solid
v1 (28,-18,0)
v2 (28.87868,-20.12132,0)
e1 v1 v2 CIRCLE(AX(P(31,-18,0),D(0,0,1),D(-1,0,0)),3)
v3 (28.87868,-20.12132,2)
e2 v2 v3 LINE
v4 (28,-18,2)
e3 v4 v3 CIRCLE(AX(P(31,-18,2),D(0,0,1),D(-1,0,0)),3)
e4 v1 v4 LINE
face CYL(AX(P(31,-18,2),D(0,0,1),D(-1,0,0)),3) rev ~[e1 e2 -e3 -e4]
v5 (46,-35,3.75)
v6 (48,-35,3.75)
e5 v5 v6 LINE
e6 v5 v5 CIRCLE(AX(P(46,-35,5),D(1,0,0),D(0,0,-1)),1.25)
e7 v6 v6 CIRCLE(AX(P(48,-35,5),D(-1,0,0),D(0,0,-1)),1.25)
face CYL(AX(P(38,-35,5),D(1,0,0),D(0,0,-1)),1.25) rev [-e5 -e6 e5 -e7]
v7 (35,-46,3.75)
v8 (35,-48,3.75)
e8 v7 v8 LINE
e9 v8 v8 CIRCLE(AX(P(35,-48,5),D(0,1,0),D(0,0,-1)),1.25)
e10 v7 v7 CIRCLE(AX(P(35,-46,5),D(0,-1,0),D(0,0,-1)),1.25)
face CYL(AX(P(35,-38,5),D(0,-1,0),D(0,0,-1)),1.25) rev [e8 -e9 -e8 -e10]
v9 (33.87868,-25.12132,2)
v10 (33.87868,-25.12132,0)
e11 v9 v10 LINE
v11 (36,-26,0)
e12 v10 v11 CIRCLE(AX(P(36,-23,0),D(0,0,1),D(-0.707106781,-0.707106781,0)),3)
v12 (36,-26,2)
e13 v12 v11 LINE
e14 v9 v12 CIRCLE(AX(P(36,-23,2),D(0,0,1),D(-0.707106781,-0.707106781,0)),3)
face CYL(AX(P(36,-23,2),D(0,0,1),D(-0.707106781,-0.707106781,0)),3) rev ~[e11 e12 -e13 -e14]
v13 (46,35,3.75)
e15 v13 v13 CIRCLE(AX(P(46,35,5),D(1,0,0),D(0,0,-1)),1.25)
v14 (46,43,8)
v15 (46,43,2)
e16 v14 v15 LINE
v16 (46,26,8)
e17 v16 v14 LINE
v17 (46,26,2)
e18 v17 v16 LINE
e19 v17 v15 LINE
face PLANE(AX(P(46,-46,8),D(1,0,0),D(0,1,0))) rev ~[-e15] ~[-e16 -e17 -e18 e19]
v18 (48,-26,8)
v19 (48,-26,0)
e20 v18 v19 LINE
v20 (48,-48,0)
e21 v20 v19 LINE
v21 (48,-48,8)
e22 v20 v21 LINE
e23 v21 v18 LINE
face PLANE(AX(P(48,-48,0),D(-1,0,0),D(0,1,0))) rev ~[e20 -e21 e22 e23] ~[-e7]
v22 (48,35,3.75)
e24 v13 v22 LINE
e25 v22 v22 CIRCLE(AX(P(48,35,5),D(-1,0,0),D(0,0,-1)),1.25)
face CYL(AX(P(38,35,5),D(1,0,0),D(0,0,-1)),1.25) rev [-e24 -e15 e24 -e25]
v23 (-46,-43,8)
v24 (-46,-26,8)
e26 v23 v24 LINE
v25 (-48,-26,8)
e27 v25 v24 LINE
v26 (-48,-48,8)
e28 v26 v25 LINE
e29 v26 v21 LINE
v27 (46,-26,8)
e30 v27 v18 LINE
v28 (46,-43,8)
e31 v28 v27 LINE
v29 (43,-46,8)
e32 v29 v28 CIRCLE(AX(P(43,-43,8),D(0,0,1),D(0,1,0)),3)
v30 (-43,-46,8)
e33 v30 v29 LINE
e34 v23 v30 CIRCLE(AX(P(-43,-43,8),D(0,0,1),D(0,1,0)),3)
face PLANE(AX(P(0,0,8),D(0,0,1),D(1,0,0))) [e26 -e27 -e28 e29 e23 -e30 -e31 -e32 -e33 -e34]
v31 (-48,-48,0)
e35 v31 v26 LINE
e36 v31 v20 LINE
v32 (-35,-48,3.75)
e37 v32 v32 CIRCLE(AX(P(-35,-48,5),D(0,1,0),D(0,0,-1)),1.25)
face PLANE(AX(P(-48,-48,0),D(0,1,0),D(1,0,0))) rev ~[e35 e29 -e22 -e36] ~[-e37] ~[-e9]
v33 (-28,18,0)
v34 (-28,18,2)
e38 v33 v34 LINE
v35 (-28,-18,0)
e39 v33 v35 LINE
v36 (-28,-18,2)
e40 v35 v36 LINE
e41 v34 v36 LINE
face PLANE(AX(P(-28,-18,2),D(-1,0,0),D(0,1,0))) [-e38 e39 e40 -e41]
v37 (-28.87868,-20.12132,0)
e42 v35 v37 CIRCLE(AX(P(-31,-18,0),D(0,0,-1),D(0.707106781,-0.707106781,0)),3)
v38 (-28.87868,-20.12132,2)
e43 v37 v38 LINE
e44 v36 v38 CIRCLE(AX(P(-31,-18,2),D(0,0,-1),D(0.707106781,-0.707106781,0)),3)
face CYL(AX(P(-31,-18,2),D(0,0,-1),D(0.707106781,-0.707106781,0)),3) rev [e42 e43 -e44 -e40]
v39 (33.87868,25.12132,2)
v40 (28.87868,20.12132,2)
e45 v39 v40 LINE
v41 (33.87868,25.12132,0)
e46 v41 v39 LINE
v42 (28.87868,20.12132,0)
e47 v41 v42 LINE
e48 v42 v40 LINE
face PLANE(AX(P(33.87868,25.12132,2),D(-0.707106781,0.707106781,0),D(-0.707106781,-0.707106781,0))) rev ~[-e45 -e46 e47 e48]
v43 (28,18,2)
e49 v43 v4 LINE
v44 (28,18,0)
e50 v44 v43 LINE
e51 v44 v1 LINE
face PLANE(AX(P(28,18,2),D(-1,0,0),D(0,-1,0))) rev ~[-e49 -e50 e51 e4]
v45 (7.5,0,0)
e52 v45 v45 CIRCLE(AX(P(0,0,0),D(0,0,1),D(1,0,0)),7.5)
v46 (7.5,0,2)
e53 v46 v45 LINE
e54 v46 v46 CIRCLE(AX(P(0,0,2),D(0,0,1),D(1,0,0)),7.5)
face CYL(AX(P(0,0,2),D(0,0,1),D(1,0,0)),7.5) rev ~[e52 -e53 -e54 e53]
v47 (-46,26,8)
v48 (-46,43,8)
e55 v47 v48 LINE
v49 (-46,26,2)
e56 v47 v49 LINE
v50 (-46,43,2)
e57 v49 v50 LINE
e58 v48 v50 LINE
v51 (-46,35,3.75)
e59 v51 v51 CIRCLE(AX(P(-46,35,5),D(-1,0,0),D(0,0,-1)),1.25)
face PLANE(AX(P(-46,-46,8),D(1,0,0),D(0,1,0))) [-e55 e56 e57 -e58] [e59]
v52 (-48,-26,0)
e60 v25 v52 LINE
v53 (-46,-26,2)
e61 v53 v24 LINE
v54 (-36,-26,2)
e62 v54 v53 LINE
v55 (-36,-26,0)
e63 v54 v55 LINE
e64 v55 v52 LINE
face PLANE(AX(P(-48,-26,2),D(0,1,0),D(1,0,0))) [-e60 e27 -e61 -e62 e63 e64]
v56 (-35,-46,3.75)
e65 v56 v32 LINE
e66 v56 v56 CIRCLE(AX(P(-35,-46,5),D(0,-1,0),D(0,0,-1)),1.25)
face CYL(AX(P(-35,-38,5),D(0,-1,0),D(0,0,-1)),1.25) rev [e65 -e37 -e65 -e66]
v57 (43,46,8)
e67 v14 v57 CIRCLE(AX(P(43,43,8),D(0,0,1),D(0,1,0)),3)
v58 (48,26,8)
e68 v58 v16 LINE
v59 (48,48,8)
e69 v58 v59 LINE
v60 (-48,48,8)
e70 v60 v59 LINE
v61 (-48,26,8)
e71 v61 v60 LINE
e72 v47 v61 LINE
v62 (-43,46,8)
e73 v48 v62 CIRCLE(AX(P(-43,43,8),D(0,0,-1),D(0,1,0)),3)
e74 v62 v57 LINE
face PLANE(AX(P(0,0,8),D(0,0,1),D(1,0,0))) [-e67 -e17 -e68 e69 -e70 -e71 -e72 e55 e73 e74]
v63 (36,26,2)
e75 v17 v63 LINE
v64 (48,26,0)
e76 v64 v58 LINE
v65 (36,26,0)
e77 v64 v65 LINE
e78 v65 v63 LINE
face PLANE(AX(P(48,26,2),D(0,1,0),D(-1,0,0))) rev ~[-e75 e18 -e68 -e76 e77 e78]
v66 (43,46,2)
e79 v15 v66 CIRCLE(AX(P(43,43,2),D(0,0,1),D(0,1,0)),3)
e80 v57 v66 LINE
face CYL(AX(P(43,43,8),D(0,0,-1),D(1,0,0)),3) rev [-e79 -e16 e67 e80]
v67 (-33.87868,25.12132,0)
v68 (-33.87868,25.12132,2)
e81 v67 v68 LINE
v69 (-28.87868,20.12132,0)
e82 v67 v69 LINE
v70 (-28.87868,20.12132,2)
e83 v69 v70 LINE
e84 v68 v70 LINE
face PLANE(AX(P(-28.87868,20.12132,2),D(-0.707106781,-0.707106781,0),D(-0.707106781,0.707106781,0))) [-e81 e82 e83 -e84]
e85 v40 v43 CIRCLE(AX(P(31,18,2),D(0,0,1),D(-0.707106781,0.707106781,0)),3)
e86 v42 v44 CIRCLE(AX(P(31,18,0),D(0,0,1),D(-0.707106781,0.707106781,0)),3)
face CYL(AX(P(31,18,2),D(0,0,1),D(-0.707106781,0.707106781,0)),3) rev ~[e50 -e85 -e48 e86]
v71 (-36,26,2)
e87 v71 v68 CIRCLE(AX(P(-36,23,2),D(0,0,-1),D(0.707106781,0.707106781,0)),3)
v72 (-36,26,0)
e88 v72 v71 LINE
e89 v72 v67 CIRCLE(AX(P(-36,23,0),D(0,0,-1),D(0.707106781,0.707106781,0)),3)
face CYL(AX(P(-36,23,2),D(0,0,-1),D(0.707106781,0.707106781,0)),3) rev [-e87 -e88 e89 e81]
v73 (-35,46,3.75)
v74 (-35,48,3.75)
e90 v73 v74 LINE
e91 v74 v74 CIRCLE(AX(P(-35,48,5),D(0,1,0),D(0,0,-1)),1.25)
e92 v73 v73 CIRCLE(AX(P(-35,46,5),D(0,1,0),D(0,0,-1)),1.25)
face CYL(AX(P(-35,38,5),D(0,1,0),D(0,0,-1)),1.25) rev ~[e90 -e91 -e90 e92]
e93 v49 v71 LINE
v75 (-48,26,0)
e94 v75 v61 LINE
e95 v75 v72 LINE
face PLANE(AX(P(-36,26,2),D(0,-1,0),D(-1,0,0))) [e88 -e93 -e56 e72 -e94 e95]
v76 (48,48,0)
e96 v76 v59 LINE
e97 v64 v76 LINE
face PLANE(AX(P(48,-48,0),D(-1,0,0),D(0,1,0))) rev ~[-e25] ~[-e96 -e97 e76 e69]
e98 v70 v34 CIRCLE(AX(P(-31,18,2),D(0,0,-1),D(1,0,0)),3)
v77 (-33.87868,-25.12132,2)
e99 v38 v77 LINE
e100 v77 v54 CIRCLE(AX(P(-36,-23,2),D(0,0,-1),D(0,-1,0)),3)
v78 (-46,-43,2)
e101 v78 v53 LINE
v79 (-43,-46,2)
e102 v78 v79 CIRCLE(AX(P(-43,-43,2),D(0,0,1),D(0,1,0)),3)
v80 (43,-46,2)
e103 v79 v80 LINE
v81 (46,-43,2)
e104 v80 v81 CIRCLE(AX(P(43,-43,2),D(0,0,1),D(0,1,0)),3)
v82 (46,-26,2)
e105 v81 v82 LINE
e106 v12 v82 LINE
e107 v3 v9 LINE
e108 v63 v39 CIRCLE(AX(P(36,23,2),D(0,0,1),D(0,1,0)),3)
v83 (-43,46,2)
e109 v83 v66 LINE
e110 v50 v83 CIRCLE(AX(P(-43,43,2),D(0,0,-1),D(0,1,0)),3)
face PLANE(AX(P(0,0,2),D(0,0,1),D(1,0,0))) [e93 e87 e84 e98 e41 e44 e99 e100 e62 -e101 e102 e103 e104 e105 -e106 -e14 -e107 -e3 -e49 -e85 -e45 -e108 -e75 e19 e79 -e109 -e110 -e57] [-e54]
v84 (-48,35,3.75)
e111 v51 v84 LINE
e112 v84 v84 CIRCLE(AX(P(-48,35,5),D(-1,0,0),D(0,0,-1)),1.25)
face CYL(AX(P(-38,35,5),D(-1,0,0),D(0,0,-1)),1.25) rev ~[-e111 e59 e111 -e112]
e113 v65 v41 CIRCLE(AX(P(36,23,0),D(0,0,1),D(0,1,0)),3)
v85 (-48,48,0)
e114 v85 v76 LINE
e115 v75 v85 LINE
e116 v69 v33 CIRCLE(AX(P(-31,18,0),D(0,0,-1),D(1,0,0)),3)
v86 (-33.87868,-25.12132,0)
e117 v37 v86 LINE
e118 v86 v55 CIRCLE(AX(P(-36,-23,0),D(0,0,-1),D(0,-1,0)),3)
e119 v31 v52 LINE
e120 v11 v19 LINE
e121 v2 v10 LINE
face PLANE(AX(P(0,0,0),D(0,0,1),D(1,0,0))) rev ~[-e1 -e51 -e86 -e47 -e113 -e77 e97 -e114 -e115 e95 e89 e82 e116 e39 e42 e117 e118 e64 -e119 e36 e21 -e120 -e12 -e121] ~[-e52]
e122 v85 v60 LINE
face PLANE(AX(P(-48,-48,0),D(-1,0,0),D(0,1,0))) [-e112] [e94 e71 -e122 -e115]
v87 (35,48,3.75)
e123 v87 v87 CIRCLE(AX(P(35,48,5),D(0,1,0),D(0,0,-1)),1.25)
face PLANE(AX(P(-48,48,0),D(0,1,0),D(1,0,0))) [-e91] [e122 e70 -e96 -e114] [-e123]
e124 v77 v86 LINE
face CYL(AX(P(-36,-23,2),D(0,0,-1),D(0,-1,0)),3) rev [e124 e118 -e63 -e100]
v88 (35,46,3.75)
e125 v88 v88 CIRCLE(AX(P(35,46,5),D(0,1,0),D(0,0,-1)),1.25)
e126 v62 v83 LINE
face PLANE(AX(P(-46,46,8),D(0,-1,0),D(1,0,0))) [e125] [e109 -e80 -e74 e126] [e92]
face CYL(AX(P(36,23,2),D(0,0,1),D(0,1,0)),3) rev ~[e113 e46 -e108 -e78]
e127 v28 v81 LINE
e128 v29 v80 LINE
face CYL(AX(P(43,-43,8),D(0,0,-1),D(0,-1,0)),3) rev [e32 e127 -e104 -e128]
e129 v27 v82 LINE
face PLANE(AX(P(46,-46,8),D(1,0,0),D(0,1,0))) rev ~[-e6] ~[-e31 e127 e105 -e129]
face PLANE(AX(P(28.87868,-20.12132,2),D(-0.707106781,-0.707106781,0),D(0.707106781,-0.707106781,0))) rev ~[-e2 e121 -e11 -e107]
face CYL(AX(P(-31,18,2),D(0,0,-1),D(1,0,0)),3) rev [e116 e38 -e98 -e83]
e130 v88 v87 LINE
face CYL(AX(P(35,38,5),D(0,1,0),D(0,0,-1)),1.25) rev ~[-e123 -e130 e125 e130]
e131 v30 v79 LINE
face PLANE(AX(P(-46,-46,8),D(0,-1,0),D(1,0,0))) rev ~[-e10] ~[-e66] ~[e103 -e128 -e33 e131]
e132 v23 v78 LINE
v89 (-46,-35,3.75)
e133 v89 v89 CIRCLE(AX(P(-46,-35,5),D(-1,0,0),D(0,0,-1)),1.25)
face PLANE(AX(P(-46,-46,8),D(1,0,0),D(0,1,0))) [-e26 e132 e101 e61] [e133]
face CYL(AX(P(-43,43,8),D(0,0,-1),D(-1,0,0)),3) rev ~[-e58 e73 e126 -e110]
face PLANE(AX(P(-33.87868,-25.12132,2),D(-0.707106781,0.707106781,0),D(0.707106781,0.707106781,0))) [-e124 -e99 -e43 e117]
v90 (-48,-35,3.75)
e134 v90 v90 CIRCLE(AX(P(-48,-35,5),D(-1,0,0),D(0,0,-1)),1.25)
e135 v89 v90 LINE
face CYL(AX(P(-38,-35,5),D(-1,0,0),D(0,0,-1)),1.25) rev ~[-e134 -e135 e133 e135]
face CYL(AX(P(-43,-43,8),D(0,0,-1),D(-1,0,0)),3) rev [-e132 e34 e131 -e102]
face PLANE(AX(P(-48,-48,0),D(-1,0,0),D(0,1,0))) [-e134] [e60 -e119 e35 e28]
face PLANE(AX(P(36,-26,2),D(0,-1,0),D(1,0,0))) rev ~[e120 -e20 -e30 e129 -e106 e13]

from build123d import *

# Parameters (mm, degrees)
SKETCH1_W                      = 96
SKETCH1_H                      = 96
BOSS_EXTRUDE1_DEPTH            = 8
SKETCH2_W                      = 92
SKETCH2_H                      = 92
COMPONENT_PLATFORM_DEPTH       = 6
CABLE_SLOTS_DEPTH              = 6
SKETCH4_R                      = 7.5
CENTER_MASS_CUT_DEPTH          = 6
INNER_CORNER_FILLETS_R         = 3
M3X0_5_TAPPED_HOLE1_AT_2_COUNT = 2
M3X0_5_TAPPED_HOLE1_AT_2_PITCH = 70
M3X0_5_TAPPED_HOLE2_AT_2_COUNT = 2
M3X0_5_TAPPED_HOLE2_AT_2_PITCH = 70


with BuildPart() as part:
    # Sketch1 → Boss-Extrude1 (new body)
    with BuildSketch(Plane.XY):
        Rectangle(SKETCH1_W, SKETCH1_H)
    extrude(amount=BOSS_EXTRUDE1_DEPTH)

    # Sketch2 → Component Platform (cut)
    with BuildSketch(Plane.XY.offset(8)):
        Rectangle(SKETCH2_W, SKETCH2_H)
    extrude(amount=-COMPONENT_PLATFORM_DEPTH, mode=Mode.SUBTRACT)

    # Sketch3 → Cable Slots (cut, symmetric)
    with BuildSketch(Plane.XY.offset(2)):
        with BuildLine():
            Line((-33.878679656, -25.121320344), (-28.878679656, -20.121320344))
            ThreePointArc((-28.878679656, -20.121320344), (-28.228361402, -19.148050297), (-28, -18))
            Line((-28, -18), (-28, 18))
            ThreePointArc((-28, 18), (-28.228361402, 19.148050297), (-28.878679656, 20.121320344))
            Line((-28.878679656, 20.121320344), (-33.878679656, 25.121320344))
            ThreePointArc((-33.878679656, 25.121320344), (-34.851949703, 25.771638598), (-36, 26))
            Line((-36, 26), (-48, 26))
            Line((-48, 26), (-48, -26))
            Line((-48, -26), (-36, -26))
            ThreePointArc((-36, -26), (-34.851949703, -25.771638598), (-33.878679656, -25.121320344))
        make_face()
        with BuildLine():
            Line((48, -26), (48, 26))
            Line((48, 26), (36, 26))
            ThreePointArc((36, 26), (34.851949703, 25.771638598), (33.878679656, 25.121320344))
            Line((33.878679656, 25.121320344), (28.878679656, 20.121320344))
            ThreePointArc((28.878679656, 20.121320344), (28.228361402, 19.148050297), (28, 18))
            Line((28, 18), (28, -18))
            ThreePointArc((28, -18), (28.228361402, -19.148050297), (28.878679656, -20.121320344))
            Line((28.878679656, -20.121320344), (33.878679656, -25.121320344))
            ThreePointArc((33.878679656, -25.121320344), (34.851949703, -25.771638598), (36, -26))
            Line((36, -26), (48, -26))
        make_face()
    extrude(amount=CABLE_SLOTS_DEPTH, both=True, mode=Mode.SUBTRACT)

    # Sketch4 → Center Mass Cut (cut)
    with BuildSketch(Plane.XY.offset(2)):
        Circle(SKETCH4_R)
    extrude(amount=-CENTER_MASS_CUT_DEPTH, mode=Mode.SUBTRACT)

    # Inner Corner Fillets
    inner_corner_fillets_edges = [part.edges().sort_by_distance(p)[0] for p in [
        (-46, -46, 5),
        (-46, 46, 5),
        (46, 46, 5),
        (46, -46, 5),
    ]]
    fillet(inner_corner_fillets_edges, radius=INNER_CORNER_FILLETS_R)

    # Sketch10 → M3x0.5 Tapped Hole1 (revolve, cut)
    with BuildSketch(Plane(origin=(48, -35, 5), x_dir=(0, 0, -1), z_dir=(0, 1, 0))):
        Polygon((0, 0), (0, 10.751075774), (1.25, 10), (1.25, 0), align=None)
    m3x0_5_tapped_hole1 = revolve(axis=Axis((54.35, -35, 5), (-1, 0, 0)), mode=Mode.SUBTRACT)

    # M3x0.5 Tapped Hole1 at 2: M3x0.5 Tapped Hole1 ×2
    with Locations(*[(0, i * M3X0_5_TAPPED_HOLE1_AT_2_PITCH, 0) for i in range(1, M3X0_5_TAPPED_HOLE1_AT_2_COUNT)]):
        add(m3x0_5_tapped_hole1, mode=Mode.SUBTRACT)

    # Sketch13 → M3x0.5 Tapped Hole2 (revolve, cut)
    with BuildSketch(Plane(origin=(-35, -48, 5), x_dir=(0, 0, -1), z_dir=(1, 0, 0))):
        Polygon((0, 0), (0, 10.751075774), (1.25, 10), (1.25, 0), align=None)
    m3x0_5_tapped_hole2 = revolve(axis=Axis((-35, -54.35, 5), (0, 1, 0)), mode=Mode.SUBTRACT)

    # M3x0.5 Tapped Hole2 at 2: M3x0.5 Tapped Hole2 ×2
    with Locations(*[(i * M3X0_5_TAPPED_HOLE2_AT_2_PITCH, 0, 0) for i in range(1, M3X0_5_TAPPED_HOLE2_AT_2_COUNT)]):
        add(m3x0_5_tapped_hole2, mode=Mode.SUBTRACT)

    # Mirror1: M3x0.5 Tapped Hole1 across plane
    add(m3x0_5_tapped_hole1.mirror(Plane(origin=(0, 0, 0), x_dir=(0, 0, 1), z_dir=(1, 0, 0))), mode=Mode.SUBTRACT)

    # Mirror1 copy 1 sketch → Mirror1 copy 1 (revolve, cut)
    with BuildSketch(Plane(origin=(-48, 35, 5), x_dir=(0, 0, -1), z_dir=(0, 1, 0))):
        Polygon((0, 0), (0, -10.751075774), (1.25, -10), (1.25, 0), align=None)
    revolve(axis=Axis((-54.35, 35, 5), (-1, 0, 0)), mode=Mode.SUBTRACT)

    # Mirror2: M3x0.5 Tapped Hole2 across plane
    add(m3x0_5_tapped_hole2.mirror(Plane(origin=(0, 0, 0), x_dir=(0, 0, 1), z_dir=(0, -1, 0))), mode=Mode.SUBTRACT)

    # Mirror2 copy 1 sketch → Mirror2 copy 1 (revolve, cut)
    with BuildSketch(Plane(origin=(35, 48, 5), x_dir=(0, 0, -1), z_dir=(1, 0, 0))):
        Polygon((0, 0), (0, -10.751075774), (1.25, -10), (1.25, 0), align=None)
    revolve(axis=Axis((35, 54.35, 5), (0, 1, 0)), mode=Mode.SUBTRACT)


solid = part.part
